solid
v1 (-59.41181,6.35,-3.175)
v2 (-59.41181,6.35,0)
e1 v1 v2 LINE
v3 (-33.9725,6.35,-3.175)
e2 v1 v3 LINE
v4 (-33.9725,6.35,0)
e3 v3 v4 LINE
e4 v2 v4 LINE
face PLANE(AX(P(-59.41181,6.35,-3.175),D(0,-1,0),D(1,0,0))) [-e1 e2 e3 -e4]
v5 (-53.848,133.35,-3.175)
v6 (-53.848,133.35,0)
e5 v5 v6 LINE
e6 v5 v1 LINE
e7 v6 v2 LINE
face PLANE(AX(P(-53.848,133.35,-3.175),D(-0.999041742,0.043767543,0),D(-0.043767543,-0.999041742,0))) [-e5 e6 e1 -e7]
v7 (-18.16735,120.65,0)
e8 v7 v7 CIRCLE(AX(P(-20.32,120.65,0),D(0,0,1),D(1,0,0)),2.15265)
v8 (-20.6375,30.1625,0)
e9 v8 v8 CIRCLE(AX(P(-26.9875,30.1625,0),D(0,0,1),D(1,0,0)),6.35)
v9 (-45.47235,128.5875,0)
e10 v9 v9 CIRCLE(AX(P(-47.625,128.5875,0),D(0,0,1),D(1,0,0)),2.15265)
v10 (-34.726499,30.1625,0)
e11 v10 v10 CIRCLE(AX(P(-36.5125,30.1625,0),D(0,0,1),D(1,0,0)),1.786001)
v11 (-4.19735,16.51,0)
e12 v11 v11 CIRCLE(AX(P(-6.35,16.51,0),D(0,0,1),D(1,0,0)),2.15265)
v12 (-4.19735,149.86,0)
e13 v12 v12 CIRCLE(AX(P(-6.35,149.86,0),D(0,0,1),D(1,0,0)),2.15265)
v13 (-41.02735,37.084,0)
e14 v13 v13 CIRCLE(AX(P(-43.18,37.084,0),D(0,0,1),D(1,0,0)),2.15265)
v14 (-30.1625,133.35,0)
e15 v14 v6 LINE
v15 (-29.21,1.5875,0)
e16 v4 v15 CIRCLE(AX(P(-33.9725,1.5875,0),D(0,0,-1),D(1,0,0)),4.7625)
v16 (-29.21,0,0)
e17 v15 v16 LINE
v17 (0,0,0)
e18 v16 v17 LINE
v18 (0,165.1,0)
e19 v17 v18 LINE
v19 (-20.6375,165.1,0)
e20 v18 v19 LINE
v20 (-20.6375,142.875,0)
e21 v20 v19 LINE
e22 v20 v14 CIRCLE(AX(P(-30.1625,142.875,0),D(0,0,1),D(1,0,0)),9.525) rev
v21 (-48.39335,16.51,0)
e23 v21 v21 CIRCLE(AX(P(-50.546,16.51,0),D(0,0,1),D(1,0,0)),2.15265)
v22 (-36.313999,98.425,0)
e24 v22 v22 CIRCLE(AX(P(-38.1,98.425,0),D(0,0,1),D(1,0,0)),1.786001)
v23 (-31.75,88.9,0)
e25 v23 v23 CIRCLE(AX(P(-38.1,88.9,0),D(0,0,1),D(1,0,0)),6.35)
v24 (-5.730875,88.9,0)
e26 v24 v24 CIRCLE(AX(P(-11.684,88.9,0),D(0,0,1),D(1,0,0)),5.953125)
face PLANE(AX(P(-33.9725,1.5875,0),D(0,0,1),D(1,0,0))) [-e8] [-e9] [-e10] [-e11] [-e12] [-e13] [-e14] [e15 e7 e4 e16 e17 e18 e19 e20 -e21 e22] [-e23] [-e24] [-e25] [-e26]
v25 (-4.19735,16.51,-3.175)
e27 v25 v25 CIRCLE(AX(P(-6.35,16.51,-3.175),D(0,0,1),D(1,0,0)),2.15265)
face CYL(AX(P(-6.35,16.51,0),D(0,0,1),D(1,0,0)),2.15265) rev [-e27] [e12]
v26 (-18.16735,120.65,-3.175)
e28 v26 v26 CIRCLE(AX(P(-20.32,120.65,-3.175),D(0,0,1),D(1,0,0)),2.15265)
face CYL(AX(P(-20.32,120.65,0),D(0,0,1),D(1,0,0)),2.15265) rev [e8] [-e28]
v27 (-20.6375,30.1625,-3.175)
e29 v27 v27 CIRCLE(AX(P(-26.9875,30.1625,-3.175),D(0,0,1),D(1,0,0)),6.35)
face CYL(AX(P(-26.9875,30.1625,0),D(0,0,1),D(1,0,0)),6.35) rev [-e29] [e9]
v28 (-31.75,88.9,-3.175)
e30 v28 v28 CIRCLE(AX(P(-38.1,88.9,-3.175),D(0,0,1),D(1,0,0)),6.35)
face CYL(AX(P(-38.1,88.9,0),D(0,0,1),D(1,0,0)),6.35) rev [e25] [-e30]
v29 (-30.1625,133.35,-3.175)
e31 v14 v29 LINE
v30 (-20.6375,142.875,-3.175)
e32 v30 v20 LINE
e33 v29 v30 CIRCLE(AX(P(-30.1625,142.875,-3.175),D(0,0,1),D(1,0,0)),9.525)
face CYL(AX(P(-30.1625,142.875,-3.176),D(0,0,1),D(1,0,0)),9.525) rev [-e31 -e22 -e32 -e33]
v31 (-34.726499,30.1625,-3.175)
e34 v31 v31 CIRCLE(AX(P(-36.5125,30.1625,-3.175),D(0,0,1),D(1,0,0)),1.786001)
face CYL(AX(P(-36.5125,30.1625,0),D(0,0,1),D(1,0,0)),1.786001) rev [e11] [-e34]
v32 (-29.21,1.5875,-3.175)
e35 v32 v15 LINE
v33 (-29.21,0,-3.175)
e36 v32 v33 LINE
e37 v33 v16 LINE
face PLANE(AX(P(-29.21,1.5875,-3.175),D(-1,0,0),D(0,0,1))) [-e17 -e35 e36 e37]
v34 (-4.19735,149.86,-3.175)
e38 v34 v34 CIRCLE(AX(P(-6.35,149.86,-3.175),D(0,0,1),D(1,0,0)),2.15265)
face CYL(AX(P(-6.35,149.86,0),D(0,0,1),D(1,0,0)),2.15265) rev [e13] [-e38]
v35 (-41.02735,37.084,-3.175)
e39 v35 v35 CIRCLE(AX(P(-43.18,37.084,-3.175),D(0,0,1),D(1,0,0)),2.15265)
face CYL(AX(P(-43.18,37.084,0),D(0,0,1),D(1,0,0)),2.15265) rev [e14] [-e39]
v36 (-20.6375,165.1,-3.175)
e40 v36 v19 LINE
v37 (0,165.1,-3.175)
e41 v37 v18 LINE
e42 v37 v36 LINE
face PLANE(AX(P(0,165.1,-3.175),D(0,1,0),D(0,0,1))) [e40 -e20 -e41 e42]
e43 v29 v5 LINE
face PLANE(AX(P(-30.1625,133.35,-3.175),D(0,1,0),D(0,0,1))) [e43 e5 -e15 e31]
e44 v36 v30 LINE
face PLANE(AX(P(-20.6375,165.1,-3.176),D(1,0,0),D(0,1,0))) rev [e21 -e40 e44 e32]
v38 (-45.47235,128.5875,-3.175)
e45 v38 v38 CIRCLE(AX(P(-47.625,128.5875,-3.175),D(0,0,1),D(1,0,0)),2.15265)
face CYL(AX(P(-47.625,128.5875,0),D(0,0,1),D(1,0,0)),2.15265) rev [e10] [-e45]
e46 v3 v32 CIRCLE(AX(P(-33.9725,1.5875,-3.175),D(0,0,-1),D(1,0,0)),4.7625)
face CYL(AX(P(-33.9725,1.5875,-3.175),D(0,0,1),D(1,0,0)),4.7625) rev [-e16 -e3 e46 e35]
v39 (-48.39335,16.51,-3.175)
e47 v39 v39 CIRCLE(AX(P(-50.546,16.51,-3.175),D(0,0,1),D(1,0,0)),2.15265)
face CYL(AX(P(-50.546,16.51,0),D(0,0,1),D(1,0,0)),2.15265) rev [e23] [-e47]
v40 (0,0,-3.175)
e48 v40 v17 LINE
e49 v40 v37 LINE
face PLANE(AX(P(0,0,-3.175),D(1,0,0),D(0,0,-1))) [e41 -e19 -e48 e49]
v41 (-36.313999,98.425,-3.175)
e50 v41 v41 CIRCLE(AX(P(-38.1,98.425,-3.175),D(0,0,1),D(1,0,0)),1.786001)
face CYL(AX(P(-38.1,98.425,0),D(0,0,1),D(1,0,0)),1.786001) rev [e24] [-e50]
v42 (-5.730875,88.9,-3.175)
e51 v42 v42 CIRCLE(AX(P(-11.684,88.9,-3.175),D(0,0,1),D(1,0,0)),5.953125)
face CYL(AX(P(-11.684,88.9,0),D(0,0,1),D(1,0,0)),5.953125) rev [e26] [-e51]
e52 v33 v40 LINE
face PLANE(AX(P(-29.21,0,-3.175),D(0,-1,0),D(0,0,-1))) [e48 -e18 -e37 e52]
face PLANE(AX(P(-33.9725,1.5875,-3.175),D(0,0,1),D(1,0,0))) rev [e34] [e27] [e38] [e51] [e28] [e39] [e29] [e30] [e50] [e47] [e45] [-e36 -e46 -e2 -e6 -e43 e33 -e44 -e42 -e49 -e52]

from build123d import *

# Parameters (mm, degrees)
BOSS_EXTRUDE1_DEPTH              = 3.175
F_6_CLEARANCE_HOLE1_D            = 4.3053
F_6_CLEARANCE_HOLE2_D            = 4.3053
F_9_64_0_14063_DIAMETER_HOLE1_D  = 3.572002
F_15_32_0_46875_DIAMETER_HOLE1_D = 11.90625
F_1_2_0_5_DIAMETER_HOLE1_D       = 12.7
CUT_EXTRUDE1_REACH               = 5.175
SKETCH12_W                       = 9.525
SKETCH12_H                       = 31.75
FILLET1_R                        = 9.525


with BuildPart() as part:
    # Sketch1 → Boss-Extrude1 (new body)
    with BuildSketch(Plane.XY):
        with BuildLine():
            Line((-29.21, 1.5875), (-29.21, 0))
            Line((-29.21, 0), (0, 0))
            Line((0, 0), (0, 165.1))
            Line((0, 165.1), (-25.4, 165.1))
            Line((-25.4, 165.1), (-25.4, 138.1125))
            ThreePointArc((-25.4, 138.1125), (-26.794903955, 134.744903955), (-30.1625, 133.35))
            Line((-30.1625, 133.35), (-53.848, 133.35))
            Line((-53.848, 133.35), (-59.411809524, 6.35))
            Line((-59.411809524, 6.35), (-33.9725, 6.35))
            ThreePointArc((-33.9725, 6.35), (-30.604903955, 4.955096045), (-29.21, 1.5875))
        make_face()
    extrude(amount=-BOSS_EXTRUDE1_DEPTH)

    # #6 Clearance Hole1 (through all)
    with Locations(Plane.XY):
        with Locations((-47.625, 128.5875), (-6.35, 149.86), (-50.546, 16.51), (-6.35, 16.51)):
            Hole(F_6_CLEARANCE_HOLE1_D / 2)

    # #6 Clearance Hole2 (through all)
    with Locations(Plane.XY):
        with Locations((-43.18, 37.084), (-20.32, 120.65)):
            Hole(F_6_CLEARANCE_HOLE2_D / 2)

    # 9/64 (0.14063) Diameter Hole1 (through all)
    with Locations(Plane.XY):
        with Locations((-38.1, 98.425), (-36.5125, 30.1625)):
            Hole(F_9_64_0_14063_DIAMETER_HOLE1_D / 2)

    # 15/32 (0.46875) Diameter Hole1 (through all)
    with Locations(Plane.XY):
        with Locations((-11.684, 88.9)):
            Hole(F_15_32_0_46875_DIAMETER_HOLE1_D / 2)

    # 1/2 (0.5) Diameter Hole1 (through all)
    with Locations(Plane.XY):
        with Locations((-38.1, 88.9), (-26.9875, 30.1625)):
            Hole(F_1_2_0_5_DIAMETER_HOLE1_D / 2)

    # Sketch12 → Cut-Extrude1 (cut, up to next)
    with BuildSketch(Plane.XY, mode=Mode.PRIVATE) as cut_extrude1_sk1:
        with Locations((-25.4, 149.225)):
            Rectangle(SKETCH12_W, SKETCH12_H)
    cut_extrude1_tool1 = extrude(cut_extrude1_sk1.sketch, amount=-CUT_EXTRUDE1_REACH, mode=Mode.PRIVATE) & part.part
    add(cut_extrude1_tool1.solids().sort_by_distance((-25.4, 149.225, 0))[0], mode=Mode.SUBTRACT)

    # Fillet1
    fillet1_edges = [part.edges().sort_by_distance(p)[0] for p in [
        (-20.6375, 133.35, -1.5875),
    ]]
    fillet(fillet1_edges, radius=FILLET1_R)


solid = part.part
